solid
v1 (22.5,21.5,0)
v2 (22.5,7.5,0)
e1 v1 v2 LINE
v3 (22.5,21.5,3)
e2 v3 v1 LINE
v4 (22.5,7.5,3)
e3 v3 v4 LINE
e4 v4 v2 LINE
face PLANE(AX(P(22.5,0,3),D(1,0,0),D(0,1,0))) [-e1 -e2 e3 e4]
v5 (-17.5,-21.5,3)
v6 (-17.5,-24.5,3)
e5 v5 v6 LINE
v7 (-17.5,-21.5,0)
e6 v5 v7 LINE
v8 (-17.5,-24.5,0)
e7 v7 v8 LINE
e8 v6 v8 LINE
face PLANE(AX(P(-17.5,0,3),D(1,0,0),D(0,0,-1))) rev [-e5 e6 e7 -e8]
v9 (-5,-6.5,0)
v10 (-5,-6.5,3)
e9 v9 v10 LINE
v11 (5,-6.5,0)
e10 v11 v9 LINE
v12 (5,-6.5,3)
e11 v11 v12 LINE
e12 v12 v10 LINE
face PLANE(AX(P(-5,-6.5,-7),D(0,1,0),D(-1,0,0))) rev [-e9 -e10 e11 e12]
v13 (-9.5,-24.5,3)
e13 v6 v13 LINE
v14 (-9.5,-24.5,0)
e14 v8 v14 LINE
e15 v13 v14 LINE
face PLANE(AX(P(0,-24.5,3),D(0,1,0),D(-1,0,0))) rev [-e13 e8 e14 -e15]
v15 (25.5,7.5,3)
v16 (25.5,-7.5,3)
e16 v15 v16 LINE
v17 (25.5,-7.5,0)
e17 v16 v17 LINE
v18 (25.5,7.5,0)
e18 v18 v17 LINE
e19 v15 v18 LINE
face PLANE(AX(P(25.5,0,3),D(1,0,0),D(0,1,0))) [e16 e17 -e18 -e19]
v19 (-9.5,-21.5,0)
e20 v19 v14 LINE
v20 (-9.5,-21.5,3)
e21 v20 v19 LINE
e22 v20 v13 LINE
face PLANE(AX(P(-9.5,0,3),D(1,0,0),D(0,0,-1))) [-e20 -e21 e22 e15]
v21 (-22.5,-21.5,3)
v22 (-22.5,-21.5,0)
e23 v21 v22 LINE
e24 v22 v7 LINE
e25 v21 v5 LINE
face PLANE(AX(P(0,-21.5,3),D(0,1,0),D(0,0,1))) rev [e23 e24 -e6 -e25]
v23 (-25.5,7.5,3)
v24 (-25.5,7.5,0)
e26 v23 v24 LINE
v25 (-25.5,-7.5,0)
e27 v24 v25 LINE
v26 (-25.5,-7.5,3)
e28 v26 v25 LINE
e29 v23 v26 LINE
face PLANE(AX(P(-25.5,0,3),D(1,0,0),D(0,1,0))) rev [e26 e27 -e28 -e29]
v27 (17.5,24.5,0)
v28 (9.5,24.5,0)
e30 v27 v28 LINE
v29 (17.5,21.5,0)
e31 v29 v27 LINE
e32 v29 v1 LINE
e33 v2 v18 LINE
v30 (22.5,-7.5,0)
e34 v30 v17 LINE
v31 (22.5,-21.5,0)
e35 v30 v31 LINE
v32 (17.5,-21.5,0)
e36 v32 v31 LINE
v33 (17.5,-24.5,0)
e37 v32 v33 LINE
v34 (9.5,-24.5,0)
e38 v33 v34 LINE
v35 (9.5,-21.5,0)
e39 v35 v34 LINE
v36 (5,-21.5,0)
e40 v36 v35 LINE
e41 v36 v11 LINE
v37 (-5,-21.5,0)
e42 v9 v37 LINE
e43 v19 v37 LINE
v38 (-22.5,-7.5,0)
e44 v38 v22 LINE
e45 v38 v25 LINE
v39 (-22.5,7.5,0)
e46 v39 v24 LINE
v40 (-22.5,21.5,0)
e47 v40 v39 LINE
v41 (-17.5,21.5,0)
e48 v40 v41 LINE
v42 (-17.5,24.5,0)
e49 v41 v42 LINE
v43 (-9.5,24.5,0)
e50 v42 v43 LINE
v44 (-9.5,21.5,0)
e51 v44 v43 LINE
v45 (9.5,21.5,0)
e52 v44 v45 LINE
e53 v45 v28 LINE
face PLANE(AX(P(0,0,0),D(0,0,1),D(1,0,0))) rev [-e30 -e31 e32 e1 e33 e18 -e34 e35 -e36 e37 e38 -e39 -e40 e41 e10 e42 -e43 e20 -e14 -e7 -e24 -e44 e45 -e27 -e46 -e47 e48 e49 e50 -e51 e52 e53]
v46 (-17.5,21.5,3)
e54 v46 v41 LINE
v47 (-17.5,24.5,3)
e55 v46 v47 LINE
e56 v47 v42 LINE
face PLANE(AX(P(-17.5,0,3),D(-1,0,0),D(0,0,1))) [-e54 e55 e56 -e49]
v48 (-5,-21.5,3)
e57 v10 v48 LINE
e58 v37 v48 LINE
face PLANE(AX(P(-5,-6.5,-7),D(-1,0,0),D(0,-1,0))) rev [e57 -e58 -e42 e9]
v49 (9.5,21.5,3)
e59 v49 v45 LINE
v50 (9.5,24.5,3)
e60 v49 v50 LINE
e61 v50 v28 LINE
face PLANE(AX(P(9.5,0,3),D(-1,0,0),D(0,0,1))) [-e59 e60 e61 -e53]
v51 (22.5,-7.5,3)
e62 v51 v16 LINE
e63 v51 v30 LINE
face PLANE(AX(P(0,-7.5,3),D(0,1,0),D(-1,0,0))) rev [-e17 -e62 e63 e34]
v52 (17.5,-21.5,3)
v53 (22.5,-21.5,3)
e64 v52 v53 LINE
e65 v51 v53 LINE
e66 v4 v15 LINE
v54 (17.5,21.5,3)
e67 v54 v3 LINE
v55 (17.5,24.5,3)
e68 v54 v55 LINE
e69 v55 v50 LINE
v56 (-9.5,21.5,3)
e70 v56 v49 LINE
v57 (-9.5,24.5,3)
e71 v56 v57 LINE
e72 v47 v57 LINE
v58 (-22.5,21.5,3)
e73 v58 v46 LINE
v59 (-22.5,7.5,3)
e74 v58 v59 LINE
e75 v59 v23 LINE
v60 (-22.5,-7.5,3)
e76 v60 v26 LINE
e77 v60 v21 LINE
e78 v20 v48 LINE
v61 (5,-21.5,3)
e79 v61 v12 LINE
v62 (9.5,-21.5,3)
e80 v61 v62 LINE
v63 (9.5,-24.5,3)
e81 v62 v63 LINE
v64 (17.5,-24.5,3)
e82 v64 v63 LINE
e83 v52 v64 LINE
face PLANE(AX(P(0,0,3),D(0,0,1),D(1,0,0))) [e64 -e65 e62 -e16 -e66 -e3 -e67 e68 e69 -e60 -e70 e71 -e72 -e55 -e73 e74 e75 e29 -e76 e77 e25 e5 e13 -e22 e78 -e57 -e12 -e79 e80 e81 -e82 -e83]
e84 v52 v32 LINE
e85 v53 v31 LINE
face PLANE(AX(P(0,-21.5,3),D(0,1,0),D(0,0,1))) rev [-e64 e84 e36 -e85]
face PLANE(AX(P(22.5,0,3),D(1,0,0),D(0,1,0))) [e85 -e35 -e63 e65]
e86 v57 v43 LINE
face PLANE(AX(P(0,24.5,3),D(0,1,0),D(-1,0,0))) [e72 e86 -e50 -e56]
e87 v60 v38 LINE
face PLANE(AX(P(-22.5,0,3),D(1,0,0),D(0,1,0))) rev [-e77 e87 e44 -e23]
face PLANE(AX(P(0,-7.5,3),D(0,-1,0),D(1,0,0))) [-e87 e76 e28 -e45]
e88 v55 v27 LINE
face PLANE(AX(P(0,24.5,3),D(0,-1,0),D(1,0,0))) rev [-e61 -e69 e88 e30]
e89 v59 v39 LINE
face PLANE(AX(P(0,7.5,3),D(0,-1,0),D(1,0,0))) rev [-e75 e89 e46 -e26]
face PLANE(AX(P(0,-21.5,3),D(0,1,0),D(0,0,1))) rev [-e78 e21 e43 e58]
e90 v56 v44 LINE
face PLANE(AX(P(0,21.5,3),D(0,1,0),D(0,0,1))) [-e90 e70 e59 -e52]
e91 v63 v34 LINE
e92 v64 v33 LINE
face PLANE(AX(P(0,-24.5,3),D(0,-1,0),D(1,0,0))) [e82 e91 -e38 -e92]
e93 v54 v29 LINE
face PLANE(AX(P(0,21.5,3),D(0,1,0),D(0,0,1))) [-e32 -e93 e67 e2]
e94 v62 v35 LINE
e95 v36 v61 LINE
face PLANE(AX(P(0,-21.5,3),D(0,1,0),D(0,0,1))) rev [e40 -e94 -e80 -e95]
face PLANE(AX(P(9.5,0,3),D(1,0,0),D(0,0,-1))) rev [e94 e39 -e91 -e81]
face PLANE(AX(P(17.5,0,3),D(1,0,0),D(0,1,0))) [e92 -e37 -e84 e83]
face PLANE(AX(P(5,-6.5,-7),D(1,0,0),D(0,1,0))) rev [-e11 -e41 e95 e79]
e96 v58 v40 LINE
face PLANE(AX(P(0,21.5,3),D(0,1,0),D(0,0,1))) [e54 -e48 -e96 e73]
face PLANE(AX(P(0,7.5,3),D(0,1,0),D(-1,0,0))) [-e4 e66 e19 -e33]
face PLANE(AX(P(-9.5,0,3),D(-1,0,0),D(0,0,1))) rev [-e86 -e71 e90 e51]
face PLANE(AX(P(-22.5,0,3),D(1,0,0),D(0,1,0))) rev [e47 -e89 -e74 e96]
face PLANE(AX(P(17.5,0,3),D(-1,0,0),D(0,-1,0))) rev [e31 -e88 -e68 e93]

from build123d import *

# Parameters (mm, degrees)
SKETCH_1_W          = 45
SKETCH_1_H          = 43
SKETCH_1_W_2        = 8
SKETCH_1_H_2        = 3
SKETCH_1_W_3        = 3
SKETCH_1_H_3        = 15
EXTRUDE_1_DEPTH     = 3
SKETCH_2_W          = 10
SKETCH_2_H          = 15
CUT_EXTRUDE_1_DEPTH = 10


with BuildPart() as part:
    # 草图1 → 凸台-拉伸1 (new body)
    with BuildSketch(Plane.XY):
        Rectangle(SKETCH_1_W, SKETCH_1_H)
        with Locations((-13.5, 23)):
            Rectangle(SKETCH_1_W_2, SKETCH_1_H_2)
        with Locations((13.5, 23)):
            Rectangle(SKETCH_1_W_2, SKETCH_1_H_2)
        with Locations((-24, 0)):
            Rectangle(SKETCH_1_W_3, SKETCH_1_H_3)
        with Locations((24, 0)):
            Rectangle(SKETCH_1_W_3, SKETCH_1_H_3)
        with Locations((-13.5, -23)):
            Rectangle(SKETCH_1_W_2, SKETCH_1_H_2)
        with Locations((13.5, -23)):
            Rectangle(SKETCH_1_W_2, SKETCH_1_H_2)
    extrude(amount=EXTRUDE_1_DEPTH)

    # 草图2 → 切除-拉伸1 (cut)
    with BuildSketch(Plane.XY.offset(3)):
        with Locations((0, -14)):
            Rectangle(SKETCH_2_W, SKETCH_2_H)
    extrude(amount=-CUT_EXTRUDE_1_DEPTH, mode=Mode.SUBTRACT)


solid = part.part
